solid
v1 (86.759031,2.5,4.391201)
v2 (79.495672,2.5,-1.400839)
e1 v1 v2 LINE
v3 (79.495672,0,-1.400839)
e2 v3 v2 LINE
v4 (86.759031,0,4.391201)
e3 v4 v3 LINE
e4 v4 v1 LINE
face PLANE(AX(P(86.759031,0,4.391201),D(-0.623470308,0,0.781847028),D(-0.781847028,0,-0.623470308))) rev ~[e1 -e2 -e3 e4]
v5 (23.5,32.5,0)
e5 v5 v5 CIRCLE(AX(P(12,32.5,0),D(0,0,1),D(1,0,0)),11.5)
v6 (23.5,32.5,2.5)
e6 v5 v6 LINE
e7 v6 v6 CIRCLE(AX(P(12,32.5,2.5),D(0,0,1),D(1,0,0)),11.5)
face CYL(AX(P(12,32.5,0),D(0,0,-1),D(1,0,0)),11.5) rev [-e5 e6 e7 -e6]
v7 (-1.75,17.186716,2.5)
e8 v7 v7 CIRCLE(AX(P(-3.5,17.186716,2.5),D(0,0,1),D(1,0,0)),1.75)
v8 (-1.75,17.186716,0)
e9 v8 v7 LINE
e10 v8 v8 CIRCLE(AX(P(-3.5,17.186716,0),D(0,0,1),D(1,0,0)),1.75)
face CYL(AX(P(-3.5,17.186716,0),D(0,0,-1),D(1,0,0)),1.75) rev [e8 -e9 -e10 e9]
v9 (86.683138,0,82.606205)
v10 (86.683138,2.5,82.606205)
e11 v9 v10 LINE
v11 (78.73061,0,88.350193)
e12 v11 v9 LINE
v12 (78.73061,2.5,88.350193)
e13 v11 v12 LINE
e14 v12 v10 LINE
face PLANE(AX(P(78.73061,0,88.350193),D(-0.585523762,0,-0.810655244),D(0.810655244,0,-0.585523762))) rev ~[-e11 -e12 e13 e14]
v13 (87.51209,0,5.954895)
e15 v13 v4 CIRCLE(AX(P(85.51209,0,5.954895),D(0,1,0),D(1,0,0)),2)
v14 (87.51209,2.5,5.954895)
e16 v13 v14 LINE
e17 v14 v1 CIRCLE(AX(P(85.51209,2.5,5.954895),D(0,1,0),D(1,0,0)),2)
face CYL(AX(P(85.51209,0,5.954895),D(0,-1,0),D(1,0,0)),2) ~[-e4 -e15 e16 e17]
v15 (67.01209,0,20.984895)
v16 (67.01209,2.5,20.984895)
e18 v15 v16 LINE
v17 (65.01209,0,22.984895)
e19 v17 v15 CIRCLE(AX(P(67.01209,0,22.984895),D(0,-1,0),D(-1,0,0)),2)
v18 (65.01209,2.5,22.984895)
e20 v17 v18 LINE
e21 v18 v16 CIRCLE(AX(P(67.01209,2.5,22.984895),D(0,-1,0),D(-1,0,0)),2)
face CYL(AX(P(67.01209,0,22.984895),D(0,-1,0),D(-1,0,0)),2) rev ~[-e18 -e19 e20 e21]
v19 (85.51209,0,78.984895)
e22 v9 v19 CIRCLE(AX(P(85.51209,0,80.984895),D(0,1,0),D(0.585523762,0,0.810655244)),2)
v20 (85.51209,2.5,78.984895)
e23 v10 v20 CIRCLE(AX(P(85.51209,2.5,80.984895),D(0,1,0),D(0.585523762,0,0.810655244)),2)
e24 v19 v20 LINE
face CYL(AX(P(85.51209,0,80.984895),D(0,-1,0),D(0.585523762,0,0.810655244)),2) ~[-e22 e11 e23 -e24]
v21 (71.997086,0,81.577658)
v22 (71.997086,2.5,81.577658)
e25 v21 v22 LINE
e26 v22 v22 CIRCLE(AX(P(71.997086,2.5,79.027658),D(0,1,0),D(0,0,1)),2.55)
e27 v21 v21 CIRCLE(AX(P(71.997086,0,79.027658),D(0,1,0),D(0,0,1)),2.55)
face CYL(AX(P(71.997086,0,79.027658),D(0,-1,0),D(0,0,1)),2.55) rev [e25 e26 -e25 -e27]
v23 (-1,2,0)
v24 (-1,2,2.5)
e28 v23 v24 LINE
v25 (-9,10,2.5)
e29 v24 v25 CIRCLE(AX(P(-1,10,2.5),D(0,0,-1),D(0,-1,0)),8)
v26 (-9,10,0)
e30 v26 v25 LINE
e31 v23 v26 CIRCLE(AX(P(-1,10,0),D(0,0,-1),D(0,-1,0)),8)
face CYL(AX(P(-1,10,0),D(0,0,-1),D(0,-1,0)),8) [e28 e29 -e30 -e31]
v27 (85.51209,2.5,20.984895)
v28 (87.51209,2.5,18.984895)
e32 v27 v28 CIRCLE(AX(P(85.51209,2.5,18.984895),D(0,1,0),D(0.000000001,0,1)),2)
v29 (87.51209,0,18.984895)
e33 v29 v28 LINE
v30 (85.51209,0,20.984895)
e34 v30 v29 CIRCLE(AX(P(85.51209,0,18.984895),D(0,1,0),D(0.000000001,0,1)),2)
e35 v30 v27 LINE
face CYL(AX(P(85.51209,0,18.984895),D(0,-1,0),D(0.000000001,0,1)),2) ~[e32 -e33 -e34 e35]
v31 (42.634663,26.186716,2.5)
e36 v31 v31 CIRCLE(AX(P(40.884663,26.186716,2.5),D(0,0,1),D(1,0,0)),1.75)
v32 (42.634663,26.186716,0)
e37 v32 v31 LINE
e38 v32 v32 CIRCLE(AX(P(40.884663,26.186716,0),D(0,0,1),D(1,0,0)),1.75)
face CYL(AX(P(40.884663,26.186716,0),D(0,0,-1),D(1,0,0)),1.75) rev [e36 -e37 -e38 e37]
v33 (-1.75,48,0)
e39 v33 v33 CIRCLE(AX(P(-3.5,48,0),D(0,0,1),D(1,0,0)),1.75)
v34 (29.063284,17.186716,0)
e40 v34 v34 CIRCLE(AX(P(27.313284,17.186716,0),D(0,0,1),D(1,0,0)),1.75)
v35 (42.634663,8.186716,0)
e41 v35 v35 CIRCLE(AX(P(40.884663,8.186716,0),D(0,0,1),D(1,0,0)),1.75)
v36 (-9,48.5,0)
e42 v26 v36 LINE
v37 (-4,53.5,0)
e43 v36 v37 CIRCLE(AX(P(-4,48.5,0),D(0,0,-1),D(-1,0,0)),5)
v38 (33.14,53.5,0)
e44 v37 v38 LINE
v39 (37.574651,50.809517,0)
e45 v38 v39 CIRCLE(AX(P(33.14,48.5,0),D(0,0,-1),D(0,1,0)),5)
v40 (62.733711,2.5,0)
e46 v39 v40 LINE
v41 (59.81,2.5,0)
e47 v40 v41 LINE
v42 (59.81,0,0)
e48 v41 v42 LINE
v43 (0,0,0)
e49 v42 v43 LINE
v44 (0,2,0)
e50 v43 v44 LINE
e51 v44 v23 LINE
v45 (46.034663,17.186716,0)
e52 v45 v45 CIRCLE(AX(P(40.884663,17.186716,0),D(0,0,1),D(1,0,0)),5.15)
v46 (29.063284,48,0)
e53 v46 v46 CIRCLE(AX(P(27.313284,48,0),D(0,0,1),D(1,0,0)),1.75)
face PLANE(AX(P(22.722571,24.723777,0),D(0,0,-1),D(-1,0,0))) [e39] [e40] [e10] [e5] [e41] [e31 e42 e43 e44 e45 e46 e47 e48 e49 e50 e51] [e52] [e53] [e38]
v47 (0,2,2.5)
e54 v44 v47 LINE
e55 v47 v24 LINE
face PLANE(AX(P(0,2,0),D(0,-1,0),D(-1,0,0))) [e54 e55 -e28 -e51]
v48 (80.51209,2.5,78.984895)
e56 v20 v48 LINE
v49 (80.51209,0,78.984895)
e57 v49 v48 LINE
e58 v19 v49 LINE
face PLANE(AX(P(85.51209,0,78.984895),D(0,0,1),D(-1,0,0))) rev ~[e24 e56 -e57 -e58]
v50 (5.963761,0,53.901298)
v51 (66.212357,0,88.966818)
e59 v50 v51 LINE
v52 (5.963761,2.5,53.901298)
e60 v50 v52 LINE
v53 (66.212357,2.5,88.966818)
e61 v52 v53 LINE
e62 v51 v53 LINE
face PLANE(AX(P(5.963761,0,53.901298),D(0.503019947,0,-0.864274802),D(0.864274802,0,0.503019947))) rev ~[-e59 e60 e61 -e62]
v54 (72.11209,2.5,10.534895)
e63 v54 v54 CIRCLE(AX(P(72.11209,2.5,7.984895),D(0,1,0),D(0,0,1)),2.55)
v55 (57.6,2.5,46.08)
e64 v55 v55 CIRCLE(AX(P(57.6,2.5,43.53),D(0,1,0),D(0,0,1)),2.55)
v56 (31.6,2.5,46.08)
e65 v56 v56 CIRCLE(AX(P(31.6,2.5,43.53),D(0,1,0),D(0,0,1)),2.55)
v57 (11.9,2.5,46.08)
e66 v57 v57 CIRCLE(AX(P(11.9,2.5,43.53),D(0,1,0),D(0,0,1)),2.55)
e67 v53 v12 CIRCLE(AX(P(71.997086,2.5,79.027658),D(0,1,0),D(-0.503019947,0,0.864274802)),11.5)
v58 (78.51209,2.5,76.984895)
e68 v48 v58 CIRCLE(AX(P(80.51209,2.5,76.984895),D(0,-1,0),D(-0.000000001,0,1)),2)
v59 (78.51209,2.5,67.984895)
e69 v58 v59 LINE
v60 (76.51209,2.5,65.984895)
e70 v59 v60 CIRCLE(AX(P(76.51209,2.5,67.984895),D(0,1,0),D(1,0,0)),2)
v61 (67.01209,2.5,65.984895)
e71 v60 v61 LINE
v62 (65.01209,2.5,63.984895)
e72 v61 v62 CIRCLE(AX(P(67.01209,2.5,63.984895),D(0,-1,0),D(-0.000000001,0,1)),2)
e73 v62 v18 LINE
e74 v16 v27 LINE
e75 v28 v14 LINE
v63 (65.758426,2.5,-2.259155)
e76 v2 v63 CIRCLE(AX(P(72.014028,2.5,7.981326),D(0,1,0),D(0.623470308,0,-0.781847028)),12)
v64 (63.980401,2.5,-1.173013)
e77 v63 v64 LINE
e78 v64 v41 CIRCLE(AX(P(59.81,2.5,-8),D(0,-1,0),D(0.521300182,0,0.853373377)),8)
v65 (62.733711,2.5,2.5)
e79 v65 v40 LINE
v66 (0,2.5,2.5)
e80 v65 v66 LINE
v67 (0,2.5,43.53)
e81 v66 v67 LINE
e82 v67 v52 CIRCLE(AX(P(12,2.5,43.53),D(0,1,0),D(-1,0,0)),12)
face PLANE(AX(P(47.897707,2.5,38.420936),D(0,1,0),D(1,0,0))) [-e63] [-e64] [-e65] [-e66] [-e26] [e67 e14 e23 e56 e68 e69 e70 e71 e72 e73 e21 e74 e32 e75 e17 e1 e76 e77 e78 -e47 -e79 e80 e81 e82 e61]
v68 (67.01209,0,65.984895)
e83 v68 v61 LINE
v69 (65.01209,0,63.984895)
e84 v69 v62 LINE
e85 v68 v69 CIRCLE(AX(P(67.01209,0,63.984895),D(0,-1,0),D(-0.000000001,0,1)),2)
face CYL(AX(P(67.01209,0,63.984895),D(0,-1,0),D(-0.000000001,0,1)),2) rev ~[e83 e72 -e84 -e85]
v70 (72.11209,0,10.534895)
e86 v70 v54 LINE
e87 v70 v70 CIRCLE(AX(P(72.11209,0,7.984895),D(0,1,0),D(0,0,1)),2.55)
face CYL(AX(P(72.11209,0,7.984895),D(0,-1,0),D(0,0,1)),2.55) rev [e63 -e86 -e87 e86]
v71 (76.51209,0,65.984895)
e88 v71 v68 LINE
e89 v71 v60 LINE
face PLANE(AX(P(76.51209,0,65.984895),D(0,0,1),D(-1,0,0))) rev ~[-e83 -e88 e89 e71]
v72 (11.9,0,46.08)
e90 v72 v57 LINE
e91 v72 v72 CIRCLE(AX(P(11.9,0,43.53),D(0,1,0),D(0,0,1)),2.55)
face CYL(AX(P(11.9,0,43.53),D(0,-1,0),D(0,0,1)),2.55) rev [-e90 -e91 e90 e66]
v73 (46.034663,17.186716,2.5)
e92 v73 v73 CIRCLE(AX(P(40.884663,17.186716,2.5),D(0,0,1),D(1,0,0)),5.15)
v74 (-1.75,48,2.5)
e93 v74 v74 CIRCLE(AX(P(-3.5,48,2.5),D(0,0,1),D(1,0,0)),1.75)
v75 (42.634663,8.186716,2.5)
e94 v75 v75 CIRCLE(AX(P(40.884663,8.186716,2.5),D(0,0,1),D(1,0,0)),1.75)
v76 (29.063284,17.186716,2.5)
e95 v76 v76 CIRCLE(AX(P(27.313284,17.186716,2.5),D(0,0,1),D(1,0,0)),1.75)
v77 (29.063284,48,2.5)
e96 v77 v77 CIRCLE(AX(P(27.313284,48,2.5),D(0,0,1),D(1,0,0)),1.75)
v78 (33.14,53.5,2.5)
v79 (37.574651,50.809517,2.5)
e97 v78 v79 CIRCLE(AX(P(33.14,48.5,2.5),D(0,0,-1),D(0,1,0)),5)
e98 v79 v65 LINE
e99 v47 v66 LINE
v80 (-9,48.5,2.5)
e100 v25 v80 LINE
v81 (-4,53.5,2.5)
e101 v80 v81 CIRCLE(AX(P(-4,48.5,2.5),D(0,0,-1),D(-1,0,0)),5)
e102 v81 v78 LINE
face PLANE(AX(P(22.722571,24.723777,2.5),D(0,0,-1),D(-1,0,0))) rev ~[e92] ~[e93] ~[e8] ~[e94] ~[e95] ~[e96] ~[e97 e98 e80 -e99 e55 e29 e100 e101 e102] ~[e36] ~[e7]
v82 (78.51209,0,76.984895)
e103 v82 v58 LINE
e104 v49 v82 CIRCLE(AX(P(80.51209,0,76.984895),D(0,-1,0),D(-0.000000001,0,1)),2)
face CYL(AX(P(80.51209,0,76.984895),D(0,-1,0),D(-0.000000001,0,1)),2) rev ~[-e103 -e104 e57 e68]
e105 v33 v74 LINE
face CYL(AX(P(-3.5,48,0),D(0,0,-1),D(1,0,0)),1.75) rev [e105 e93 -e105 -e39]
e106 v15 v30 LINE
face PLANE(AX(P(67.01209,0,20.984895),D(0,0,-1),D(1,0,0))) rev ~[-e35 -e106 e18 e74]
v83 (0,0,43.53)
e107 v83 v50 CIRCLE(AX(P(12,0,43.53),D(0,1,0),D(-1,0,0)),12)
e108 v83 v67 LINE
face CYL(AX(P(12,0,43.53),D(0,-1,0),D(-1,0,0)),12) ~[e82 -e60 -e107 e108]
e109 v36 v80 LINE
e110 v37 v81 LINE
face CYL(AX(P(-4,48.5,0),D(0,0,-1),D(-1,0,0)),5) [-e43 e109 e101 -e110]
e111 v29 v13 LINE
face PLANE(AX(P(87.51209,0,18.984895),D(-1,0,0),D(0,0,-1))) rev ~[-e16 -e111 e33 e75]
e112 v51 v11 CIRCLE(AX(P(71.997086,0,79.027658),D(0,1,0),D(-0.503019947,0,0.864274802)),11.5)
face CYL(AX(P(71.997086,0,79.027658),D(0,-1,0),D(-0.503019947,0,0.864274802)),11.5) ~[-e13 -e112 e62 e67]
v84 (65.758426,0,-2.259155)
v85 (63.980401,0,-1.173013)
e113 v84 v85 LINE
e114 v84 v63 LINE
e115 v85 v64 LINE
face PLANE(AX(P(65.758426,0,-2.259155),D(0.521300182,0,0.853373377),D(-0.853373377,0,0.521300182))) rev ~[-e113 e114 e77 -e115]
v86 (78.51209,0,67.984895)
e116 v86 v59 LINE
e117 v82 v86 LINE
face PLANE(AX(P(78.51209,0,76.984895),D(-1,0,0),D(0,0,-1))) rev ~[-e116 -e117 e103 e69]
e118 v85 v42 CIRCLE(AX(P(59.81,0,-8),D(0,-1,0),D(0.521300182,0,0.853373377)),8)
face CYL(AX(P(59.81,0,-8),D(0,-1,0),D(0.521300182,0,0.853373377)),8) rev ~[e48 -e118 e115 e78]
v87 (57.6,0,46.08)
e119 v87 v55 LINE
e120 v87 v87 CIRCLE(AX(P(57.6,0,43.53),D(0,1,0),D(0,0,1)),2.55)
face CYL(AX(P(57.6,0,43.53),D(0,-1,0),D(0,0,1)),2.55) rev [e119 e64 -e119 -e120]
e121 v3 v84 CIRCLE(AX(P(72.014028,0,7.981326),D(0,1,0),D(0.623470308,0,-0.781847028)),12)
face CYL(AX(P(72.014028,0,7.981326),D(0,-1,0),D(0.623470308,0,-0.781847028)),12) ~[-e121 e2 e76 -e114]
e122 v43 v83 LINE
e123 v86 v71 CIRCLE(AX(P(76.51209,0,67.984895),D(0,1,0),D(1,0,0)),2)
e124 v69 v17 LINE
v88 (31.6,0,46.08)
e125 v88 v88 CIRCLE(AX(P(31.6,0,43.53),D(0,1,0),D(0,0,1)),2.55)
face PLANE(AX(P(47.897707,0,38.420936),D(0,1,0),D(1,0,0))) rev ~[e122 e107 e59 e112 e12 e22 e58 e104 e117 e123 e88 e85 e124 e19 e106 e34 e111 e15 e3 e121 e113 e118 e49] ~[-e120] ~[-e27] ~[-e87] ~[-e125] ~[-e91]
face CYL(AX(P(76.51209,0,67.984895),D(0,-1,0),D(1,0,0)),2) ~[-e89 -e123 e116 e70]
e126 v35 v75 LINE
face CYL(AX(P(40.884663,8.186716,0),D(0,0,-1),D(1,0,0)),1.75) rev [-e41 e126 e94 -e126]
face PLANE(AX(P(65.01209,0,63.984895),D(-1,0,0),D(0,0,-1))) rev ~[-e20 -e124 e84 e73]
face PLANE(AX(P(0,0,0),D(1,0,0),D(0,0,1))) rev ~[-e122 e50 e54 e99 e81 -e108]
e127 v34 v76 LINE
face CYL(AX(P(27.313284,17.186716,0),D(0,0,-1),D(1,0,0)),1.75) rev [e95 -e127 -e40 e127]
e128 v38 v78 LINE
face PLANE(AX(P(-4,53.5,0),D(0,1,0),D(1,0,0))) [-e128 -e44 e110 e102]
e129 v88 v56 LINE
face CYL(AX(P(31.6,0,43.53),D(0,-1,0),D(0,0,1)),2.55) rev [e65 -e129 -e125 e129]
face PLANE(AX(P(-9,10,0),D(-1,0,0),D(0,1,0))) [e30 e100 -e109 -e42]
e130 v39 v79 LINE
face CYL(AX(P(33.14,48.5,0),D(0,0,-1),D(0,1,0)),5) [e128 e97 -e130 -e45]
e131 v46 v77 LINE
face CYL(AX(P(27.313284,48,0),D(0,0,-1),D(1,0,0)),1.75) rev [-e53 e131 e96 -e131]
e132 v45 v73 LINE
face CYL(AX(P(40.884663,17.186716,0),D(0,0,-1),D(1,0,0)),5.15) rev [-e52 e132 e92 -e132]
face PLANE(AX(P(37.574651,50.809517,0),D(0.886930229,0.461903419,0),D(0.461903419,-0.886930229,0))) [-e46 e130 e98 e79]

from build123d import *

# Parameters (mm, degrees)
SKETCH2_R           = 2.55
BOSS_EXTRUDE1_DEPTH = 2.5
SKETCH3_R           = 11.5
SKETCH3_R_2         = 5.15
SKETCH3_R_3         = 1.75
BOSS_EXTRUDE2_DEPTH = 2.5


with BuildPart() as part:
    # Sketch2 → Boss-Extrude1 (new body)
    with BuildSketch(Plane(origin=(0, 0, 0), x_dir=(1, 0, 0), z_dir=(0, 1, 0))):
        with BuildLine():
            Line((0, 0), (0, -43.53))
            ThreePointArc((0, -43.53), (1.597239013, -49.511852877), (5.96376064, -53.901297623))
            Line((5.96376064, -53.901297623), (66.212357085, -88.966818103))
            ThreePointArc((66.212357085, -88.966818103), (72.562868254, -90.513731665), (78.730609731, -88.350193185))
            Line((78.730609731, -88.350193185), (86.683137673, -82.606205082))
            ThreePointArc((86.683137673, -82.606205082), (87.415064266, -80.369517058), (85.51209015, -78.984894595))
            Line((85.51209015, -78.984894595), (80.51209015, -78.984894595))
            ThreePointArc((80.51209015, -78.984894595), (79.097876588, -78.399108157), (78.51209015, -76.984894595))
            Line((78.51209015, -76.984894595), (78.51209015, -67.984894595))
            ThreePointArc((78.51209015, -67.984894595), (77.926303712, -66.570681032), (76.51209015, -65.984894595))
            Line((76.51209015, -65.984894595), (67.01209015, -65.984894595))
            ThreePointArc((67.01209015, -65.984894595), (65.597876588, -65.399108157), (65.01209015, -63.984894595))
            Line((65.01209015, -63.984894595), (65.01209015, -22.984894595))
            ThreePointArc((65.01209015, -22.984894595), (65.597876588, -21.570681032), (67.01209015, -20.984894595))
            Line((67.01209015, -20.984894595), (85.51209015, -20.984894595))
            ThreePointArc((85.51209015, -20.984894595), (86.926303712, -20.399108157), (87.51209015, -18.984894595))
            Line((87.51209015, -18.984894595), (87.51209015, -5.954894595))
            ThreePointArc((87.51209015, -5.954894595), (87.314017067, -5.087104652), (86.759030766, -4.391200539))
            Line((86.759030766, -4.391200539), (79.495671877, 1.400838623))
            ThreePointArc((79.495671877, 1.400838623), (72.762340359, 3.995319432), (65.758425997, 2.25915481))
            Line((65.758425997, 2.25915481), (63.980401456, 1.173012986))
            ThreePointArc((63.980401456, 1.173012986), (61.97611448, 0.29883463), (59.81, 0))
            Line((59.81, 0), (0, 0))
        make_face()
        with Locations(Location((71.997086471, -79.027657881, 0), (0, 0, 270))):
            Circle(SKETCH2_R, mode=Mode.SUBTRACT)
        with Locations(Location((11.9, -43.53, 0), (0, 0, 270))):
            Circle(SKETCH2_R, mode=Mode.SUBTRACT)
        with Locations(Location((31.6, -43.53, 0), (0, 0, 270))):
            Circle(SKETCH2_R, mode=Mode.SUBTRACT)
        with Locations(Location((57.6, -43.53, 0), (0, 0, 270))):
            Circle(SKETCH2_R, mode=Mode.SUBTRACT)
        with Locations(Location((72.11209015, -7.984894595, 0), (0, 0, 270))):
            Circle(SKETCH2_R, mode=Mode.SUBTRACT)
    extrude(amount=BOSS_EXTRUDE1_DEPTH)

    # Sketch3 → Boss-Extrude2 (add)
    with BuildSketch(Plane.XY):
        with BuildLine():
            Line((0, 2), (-1, 2))
            ThreePointArc((-1, 2), (-6.656854249, 4.343145751), (-9, 10))
            Line((-9, 10), (-9, 48.5))
            ThreePointArc((-9, 48.5), (-7.535533906, 52.035533906), (-4, 53.5))
            Line((-4, 53.5), (8.545082445, 53.5))
            Line((8.545082445, 53.5), (17.116766662, 53.5))
            Line((17.116766662, 53.5), (33.14, 53.5))
            ThreePointArc((33.14, 53.5), (35.733493255, 52.774785695), (37.574651147, 50.809517094))
            Line((37.574651147, 50.809517094), (62.964663137, 2.056534888))
            Line((62.964663137, 2.056534888), (0, 2))
        make_face()
        with Locations((12, 32.5)):
            Circle(SKETCH3_R, mode=Mode.SUBTRACT)
        with Locations((40.884663137, 17.186715743)):
            Circle(SKETCH3_R_2, mode=Mode.SUBTRACT)
        with Locations((40.884663137, 26.186715743)):
            Circle(SKETCH3_R_3, mode=Mode.SUBTRACT)
        with Locations((40.884663137, 8.186715743)):
            Circle(SKETCH3_R_3, mode=Mode.SUBTRACT)
        with Locations((-3.5, 48)):
            Circle(SKETCH3_R_3, mode=Mode.SUBTRACT)
        with Locations((27.313284257, 48)):
            Circle(SKETCH3_R_3, mode=Mode.SUBTRACT)
        with Locations((27.313284257, 17.186715743)):
            Circle(SKETCH3_R_3, mode=Mode.SUBTRACT)
        with Locations((-3.5, 17.186715743)):
            Circle(SKETCH3_R_3, mode=Mode.SUBTRACT)
    extrude(amount=BOSS_EXTRUDE2_DEPTH)


solid = part.part
